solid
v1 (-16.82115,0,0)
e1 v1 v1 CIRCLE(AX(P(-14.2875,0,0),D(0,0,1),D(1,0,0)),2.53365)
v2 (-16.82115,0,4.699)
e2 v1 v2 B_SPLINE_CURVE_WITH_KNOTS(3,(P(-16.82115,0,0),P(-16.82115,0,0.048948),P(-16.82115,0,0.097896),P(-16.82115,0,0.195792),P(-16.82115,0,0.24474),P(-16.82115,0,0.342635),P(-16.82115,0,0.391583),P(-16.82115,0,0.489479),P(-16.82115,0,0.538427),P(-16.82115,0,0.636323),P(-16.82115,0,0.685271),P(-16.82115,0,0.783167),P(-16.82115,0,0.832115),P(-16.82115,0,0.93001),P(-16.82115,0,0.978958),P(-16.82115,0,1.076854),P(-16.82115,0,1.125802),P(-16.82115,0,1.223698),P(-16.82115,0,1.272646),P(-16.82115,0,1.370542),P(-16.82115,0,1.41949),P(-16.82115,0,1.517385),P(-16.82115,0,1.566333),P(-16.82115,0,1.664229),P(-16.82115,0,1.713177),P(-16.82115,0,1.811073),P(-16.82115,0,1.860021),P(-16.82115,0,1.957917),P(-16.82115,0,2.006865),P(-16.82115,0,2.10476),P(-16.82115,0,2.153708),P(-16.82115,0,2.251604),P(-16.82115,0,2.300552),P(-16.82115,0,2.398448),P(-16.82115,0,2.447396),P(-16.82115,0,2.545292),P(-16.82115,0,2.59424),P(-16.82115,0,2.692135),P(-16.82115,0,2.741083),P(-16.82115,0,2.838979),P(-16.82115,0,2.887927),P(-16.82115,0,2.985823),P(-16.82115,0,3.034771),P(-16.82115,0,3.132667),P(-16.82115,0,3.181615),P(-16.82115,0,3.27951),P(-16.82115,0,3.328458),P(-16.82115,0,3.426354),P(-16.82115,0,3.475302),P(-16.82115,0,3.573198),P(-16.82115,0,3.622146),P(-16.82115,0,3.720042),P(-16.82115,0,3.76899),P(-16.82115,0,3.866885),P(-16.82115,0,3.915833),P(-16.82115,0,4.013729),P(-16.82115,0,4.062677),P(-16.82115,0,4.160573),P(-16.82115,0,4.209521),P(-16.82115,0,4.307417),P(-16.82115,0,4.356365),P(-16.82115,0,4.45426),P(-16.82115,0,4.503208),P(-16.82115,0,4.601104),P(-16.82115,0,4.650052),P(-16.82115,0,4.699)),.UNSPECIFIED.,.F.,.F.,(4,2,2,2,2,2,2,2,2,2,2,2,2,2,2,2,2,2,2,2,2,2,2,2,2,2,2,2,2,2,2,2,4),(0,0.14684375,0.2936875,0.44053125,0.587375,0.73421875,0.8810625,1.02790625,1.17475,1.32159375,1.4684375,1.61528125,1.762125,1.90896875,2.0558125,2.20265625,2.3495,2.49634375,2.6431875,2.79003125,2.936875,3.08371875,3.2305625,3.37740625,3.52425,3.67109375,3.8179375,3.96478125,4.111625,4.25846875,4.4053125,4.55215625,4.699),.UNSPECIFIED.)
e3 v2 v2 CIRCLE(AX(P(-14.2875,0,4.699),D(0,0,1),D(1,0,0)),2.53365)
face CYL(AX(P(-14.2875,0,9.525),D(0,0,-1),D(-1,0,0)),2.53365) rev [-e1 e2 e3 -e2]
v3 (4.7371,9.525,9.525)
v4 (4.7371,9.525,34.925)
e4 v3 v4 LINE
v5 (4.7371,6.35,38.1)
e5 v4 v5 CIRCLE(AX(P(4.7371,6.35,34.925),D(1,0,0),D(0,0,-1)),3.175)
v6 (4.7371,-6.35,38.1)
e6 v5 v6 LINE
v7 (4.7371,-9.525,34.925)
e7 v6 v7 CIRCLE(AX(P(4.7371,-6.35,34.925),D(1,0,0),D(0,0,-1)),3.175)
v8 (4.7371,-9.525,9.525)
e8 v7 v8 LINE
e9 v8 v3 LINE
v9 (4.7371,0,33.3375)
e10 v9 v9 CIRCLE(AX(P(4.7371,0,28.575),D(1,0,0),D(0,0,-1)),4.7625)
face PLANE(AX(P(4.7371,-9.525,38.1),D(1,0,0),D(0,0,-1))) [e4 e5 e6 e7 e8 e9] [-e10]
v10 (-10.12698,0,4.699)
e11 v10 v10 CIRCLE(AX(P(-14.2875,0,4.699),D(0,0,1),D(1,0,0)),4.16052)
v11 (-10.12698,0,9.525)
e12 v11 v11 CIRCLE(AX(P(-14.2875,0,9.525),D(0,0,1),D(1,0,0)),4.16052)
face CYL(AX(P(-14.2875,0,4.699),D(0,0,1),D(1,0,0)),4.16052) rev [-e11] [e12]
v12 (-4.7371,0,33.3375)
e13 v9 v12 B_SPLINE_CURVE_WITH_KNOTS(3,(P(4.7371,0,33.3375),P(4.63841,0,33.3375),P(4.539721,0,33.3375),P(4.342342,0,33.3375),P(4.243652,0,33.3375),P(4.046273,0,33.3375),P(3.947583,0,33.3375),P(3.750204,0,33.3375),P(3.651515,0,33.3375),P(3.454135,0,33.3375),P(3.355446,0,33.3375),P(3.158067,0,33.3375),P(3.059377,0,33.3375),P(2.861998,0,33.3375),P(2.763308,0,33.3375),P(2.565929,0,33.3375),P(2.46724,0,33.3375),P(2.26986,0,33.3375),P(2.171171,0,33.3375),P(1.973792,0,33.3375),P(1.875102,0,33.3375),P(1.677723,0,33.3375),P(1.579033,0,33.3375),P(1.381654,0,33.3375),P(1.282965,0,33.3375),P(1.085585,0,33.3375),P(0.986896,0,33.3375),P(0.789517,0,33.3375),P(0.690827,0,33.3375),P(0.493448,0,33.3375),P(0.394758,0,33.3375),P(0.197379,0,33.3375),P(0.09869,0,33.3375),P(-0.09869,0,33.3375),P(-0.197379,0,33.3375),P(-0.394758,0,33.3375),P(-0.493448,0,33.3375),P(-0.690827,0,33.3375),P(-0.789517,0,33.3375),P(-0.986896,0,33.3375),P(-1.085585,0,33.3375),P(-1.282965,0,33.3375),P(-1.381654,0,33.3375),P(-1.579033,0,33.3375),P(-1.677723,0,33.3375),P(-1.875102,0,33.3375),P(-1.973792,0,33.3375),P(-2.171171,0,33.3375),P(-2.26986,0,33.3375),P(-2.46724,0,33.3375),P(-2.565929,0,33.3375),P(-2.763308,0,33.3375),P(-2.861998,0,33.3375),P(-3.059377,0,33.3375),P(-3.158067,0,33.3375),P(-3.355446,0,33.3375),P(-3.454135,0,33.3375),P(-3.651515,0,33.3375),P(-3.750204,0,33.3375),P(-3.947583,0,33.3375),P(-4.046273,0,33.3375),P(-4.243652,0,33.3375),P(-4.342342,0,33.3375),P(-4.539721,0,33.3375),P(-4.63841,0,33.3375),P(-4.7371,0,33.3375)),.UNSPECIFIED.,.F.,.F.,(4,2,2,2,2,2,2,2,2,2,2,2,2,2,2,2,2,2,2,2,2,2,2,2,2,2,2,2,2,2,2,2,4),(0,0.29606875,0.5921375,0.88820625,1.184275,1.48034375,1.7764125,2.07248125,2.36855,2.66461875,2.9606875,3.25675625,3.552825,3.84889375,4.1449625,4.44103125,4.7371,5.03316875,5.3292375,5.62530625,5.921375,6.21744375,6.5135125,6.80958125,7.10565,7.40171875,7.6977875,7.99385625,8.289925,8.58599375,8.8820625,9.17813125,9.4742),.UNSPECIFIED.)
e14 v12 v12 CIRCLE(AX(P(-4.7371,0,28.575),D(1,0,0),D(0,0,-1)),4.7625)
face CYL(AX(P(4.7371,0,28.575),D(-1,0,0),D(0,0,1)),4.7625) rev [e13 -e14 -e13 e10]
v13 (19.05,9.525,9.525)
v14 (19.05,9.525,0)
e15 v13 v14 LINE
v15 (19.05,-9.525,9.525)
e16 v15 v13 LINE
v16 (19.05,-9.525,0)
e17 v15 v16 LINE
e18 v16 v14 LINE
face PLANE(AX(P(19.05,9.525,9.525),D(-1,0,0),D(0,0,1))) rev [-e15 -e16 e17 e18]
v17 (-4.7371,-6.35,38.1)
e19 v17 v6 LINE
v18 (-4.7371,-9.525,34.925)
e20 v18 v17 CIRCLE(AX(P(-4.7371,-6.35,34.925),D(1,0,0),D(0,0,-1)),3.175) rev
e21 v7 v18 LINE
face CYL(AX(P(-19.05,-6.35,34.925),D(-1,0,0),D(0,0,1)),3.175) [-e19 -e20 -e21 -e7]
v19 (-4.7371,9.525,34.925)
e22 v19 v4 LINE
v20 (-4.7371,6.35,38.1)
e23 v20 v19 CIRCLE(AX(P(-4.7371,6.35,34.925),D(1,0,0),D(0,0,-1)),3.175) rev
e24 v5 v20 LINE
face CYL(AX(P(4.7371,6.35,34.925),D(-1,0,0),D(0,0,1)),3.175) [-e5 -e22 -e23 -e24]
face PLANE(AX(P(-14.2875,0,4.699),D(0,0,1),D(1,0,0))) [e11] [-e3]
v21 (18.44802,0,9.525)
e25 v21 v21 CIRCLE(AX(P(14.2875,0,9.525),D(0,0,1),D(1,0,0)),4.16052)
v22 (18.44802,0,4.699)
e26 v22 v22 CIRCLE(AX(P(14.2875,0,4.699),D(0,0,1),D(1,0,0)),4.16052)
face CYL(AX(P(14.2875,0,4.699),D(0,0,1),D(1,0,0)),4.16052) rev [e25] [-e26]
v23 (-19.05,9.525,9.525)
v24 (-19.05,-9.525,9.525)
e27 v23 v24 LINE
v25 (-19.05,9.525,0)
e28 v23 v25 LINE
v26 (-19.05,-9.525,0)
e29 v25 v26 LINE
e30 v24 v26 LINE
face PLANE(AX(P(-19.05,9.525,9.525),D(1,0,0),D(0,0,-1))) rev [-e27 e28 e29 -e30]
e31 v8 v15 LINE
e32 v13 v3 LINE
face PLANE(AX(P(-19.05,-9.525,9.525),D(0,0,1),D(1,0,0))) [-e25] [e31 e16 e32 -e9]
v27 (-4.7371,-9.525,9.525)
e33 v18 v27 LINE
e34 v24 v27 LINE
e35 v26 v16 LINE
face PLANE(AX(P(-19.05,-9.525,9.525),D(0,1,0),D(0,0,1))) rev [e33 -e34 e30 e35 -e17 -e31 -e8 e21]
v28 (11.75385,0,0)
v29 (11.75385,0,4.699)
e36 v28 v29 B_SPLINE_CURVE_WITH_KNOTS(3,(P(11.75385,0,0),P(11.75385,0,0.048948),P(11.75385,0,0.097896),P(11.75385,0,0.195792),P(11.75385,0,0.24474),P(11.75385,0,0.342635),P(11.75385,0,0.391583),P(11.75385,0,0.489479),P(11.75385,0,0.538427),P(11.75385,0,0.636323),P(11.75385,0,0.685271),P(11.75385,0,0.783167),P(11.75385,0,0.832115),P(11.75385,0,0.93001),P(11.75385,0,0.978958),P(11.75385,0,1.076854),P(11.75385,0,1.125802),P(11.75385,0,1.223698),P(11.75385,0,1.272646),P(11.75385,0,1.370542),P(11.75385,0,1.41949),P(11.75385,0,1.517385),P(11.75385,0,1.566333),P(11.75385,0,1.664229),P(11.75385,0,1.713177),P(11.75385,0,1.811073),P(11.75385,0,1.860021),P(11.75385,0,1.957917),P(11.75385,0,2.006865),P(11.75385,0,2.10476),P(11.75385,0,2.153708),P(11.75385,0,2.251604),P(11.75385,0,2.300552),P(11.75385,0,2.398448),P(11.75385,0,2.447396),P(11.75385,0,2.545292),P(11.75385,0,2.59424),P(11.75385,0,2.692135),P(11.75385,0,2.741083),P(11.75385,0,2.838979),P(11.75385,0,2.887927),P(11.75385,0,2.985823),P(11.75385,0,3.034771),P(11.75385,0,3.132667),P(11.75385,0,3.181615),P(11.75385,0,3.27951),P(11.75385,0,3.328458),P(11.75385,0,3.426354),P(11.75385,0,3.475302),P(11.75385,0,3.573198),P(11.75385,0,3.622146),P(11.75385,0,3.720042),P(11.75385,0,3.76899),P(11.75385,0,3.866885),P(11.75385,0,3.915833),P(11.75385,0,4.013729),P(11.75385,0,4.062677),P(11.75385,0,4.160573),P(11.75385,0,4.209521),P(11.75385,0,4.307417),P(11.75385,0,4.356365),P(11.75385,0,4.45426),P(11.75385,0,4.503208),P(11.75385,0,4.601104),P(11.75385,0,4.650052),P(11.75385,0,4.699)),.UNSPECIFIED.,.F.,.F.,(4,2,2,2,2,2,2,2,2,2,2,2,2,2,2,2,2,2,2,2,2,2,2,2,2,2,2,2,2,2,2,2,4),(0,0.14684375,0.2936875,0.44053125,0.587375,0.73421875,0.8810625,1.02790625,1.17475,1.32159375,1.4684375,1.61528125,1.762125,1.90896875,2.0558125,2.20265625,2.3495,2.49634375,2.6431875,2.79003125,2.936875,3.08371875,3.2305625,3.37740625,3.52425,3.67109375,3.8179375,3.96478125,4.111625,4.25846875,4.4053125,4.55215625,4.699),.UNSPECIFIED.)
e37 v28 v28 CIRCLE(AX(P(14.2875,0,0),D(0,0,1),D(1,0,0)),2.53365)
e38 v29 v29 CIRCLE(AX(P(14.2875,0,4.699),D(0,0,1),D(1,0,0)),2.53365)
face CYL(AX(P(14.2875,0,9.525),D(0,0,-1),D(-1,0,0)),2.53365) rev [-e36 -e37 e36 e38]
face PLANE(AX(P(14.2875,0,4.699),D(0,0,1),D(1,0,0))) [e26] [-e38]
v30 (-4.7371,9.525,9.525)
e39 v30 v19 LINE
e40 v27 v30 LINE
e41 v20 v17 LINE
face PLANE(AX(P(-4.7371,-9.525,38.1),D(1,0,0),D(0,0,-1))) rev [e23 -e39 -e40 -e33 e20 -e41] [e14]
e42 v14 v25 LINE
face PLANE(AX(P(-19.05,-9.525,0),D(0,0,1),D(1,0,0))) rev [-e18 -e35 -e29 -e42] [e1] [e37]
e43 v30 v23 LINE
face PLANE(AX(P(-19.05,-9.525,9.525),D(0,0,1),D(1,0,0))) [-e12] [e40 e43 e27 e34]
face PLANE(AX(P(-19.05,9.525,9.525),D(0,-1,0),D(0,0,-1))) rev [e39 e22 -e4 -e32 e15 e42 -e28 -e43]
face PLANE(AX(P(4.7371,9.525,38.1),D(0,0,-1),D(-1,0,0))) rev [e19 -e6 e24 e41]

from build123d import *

# Parameters (mm, degrees)
SKETCH1_W                = 38.1
SKETCH1_H                = 19.05
SKETCH1_R                = 2.53365
BOSS_EXTRUDE1_DEPTH      = 9.525
SKETCH2_R                = 4.16052
CUT_EXTRUDE1_DEPTH       = 4.826
BOSS_EXTRUDE2_DEPTH      = 4.7371
BOSS_EXTRUDE2_DEPTH_BACK = 4.7371
SKETCH3_W                = 28.575
SKETCH3_H                = 19.05
SKETCH3_R                = 4.7625
FILLET1_R                = 3.175


with BuildPart() as part:
    # Sketch1 → Boss-Extrude1 (new body)
    with BuildSketch(Plane.XY):
        Rectangle(SKETCH1_W, SKETCH1_H)
        with Locations(Location((-14.2875, 0, 0), (0, 0, 180))):
            Circle(SKETCH1_R, mode=Mode.SUBTRACT)
        with Locations(Location((14.2875, 0, 0), (0, 0, 180))):
            Circle(SKETCH1_R, mode=Mode.SUBTRACT)
    extrude(amount=BOSS_EXTRUDE1_DEPTH)

    # Sketch2 → Cut-Extrude1 (cut)
    with BuildSketch(Plane.XY.offset(9.525)):
        with Locations((-14.2875, 0)):
            Circle(SKETCH2_R)
        with Locations((14.2875, 0)):
            Circle(SKETCH2_R)
    extrude(amount=-CUT_EXTRUDE1_DEPTH, mode=Mode.SUBTRACT)

    # Sketch3 → Boss-Extrude2 (add, two sides: drawn at the far end of the back side and taken through both)
    with BuildSketch(Plane(origin=(0, 0, 0), x_dir=(0, 0, -1), z_dir=(1, 0, 0)).offset(-BOSS_EXTRUDE2_DEPTH_BACK)):
        with Locations((-23.8125, 0)):
            Rectangle(SKETCH3_W, SKETCH3_H)
        with Locations(Location((-28.575, 0, 0), (0, 0, 180))):
            Circle(SKETCH3_R, mode=Mode.SUBTRACT)
    extrude(amount=BOSS_EXTRUDE2_DEPTH + BOSS_EXTRUDE2_DEPTH_BACK)

    # Fillet1
    fillet1_edges = [part.edges().sort_by_distance(p)[0] for p in [
        (0, -9.525, 38.1),
        (0, 9.525, 38.1),
    ]]
    fillet(fillet1_edges, radius=FILLET1_R)


solid = part.part
